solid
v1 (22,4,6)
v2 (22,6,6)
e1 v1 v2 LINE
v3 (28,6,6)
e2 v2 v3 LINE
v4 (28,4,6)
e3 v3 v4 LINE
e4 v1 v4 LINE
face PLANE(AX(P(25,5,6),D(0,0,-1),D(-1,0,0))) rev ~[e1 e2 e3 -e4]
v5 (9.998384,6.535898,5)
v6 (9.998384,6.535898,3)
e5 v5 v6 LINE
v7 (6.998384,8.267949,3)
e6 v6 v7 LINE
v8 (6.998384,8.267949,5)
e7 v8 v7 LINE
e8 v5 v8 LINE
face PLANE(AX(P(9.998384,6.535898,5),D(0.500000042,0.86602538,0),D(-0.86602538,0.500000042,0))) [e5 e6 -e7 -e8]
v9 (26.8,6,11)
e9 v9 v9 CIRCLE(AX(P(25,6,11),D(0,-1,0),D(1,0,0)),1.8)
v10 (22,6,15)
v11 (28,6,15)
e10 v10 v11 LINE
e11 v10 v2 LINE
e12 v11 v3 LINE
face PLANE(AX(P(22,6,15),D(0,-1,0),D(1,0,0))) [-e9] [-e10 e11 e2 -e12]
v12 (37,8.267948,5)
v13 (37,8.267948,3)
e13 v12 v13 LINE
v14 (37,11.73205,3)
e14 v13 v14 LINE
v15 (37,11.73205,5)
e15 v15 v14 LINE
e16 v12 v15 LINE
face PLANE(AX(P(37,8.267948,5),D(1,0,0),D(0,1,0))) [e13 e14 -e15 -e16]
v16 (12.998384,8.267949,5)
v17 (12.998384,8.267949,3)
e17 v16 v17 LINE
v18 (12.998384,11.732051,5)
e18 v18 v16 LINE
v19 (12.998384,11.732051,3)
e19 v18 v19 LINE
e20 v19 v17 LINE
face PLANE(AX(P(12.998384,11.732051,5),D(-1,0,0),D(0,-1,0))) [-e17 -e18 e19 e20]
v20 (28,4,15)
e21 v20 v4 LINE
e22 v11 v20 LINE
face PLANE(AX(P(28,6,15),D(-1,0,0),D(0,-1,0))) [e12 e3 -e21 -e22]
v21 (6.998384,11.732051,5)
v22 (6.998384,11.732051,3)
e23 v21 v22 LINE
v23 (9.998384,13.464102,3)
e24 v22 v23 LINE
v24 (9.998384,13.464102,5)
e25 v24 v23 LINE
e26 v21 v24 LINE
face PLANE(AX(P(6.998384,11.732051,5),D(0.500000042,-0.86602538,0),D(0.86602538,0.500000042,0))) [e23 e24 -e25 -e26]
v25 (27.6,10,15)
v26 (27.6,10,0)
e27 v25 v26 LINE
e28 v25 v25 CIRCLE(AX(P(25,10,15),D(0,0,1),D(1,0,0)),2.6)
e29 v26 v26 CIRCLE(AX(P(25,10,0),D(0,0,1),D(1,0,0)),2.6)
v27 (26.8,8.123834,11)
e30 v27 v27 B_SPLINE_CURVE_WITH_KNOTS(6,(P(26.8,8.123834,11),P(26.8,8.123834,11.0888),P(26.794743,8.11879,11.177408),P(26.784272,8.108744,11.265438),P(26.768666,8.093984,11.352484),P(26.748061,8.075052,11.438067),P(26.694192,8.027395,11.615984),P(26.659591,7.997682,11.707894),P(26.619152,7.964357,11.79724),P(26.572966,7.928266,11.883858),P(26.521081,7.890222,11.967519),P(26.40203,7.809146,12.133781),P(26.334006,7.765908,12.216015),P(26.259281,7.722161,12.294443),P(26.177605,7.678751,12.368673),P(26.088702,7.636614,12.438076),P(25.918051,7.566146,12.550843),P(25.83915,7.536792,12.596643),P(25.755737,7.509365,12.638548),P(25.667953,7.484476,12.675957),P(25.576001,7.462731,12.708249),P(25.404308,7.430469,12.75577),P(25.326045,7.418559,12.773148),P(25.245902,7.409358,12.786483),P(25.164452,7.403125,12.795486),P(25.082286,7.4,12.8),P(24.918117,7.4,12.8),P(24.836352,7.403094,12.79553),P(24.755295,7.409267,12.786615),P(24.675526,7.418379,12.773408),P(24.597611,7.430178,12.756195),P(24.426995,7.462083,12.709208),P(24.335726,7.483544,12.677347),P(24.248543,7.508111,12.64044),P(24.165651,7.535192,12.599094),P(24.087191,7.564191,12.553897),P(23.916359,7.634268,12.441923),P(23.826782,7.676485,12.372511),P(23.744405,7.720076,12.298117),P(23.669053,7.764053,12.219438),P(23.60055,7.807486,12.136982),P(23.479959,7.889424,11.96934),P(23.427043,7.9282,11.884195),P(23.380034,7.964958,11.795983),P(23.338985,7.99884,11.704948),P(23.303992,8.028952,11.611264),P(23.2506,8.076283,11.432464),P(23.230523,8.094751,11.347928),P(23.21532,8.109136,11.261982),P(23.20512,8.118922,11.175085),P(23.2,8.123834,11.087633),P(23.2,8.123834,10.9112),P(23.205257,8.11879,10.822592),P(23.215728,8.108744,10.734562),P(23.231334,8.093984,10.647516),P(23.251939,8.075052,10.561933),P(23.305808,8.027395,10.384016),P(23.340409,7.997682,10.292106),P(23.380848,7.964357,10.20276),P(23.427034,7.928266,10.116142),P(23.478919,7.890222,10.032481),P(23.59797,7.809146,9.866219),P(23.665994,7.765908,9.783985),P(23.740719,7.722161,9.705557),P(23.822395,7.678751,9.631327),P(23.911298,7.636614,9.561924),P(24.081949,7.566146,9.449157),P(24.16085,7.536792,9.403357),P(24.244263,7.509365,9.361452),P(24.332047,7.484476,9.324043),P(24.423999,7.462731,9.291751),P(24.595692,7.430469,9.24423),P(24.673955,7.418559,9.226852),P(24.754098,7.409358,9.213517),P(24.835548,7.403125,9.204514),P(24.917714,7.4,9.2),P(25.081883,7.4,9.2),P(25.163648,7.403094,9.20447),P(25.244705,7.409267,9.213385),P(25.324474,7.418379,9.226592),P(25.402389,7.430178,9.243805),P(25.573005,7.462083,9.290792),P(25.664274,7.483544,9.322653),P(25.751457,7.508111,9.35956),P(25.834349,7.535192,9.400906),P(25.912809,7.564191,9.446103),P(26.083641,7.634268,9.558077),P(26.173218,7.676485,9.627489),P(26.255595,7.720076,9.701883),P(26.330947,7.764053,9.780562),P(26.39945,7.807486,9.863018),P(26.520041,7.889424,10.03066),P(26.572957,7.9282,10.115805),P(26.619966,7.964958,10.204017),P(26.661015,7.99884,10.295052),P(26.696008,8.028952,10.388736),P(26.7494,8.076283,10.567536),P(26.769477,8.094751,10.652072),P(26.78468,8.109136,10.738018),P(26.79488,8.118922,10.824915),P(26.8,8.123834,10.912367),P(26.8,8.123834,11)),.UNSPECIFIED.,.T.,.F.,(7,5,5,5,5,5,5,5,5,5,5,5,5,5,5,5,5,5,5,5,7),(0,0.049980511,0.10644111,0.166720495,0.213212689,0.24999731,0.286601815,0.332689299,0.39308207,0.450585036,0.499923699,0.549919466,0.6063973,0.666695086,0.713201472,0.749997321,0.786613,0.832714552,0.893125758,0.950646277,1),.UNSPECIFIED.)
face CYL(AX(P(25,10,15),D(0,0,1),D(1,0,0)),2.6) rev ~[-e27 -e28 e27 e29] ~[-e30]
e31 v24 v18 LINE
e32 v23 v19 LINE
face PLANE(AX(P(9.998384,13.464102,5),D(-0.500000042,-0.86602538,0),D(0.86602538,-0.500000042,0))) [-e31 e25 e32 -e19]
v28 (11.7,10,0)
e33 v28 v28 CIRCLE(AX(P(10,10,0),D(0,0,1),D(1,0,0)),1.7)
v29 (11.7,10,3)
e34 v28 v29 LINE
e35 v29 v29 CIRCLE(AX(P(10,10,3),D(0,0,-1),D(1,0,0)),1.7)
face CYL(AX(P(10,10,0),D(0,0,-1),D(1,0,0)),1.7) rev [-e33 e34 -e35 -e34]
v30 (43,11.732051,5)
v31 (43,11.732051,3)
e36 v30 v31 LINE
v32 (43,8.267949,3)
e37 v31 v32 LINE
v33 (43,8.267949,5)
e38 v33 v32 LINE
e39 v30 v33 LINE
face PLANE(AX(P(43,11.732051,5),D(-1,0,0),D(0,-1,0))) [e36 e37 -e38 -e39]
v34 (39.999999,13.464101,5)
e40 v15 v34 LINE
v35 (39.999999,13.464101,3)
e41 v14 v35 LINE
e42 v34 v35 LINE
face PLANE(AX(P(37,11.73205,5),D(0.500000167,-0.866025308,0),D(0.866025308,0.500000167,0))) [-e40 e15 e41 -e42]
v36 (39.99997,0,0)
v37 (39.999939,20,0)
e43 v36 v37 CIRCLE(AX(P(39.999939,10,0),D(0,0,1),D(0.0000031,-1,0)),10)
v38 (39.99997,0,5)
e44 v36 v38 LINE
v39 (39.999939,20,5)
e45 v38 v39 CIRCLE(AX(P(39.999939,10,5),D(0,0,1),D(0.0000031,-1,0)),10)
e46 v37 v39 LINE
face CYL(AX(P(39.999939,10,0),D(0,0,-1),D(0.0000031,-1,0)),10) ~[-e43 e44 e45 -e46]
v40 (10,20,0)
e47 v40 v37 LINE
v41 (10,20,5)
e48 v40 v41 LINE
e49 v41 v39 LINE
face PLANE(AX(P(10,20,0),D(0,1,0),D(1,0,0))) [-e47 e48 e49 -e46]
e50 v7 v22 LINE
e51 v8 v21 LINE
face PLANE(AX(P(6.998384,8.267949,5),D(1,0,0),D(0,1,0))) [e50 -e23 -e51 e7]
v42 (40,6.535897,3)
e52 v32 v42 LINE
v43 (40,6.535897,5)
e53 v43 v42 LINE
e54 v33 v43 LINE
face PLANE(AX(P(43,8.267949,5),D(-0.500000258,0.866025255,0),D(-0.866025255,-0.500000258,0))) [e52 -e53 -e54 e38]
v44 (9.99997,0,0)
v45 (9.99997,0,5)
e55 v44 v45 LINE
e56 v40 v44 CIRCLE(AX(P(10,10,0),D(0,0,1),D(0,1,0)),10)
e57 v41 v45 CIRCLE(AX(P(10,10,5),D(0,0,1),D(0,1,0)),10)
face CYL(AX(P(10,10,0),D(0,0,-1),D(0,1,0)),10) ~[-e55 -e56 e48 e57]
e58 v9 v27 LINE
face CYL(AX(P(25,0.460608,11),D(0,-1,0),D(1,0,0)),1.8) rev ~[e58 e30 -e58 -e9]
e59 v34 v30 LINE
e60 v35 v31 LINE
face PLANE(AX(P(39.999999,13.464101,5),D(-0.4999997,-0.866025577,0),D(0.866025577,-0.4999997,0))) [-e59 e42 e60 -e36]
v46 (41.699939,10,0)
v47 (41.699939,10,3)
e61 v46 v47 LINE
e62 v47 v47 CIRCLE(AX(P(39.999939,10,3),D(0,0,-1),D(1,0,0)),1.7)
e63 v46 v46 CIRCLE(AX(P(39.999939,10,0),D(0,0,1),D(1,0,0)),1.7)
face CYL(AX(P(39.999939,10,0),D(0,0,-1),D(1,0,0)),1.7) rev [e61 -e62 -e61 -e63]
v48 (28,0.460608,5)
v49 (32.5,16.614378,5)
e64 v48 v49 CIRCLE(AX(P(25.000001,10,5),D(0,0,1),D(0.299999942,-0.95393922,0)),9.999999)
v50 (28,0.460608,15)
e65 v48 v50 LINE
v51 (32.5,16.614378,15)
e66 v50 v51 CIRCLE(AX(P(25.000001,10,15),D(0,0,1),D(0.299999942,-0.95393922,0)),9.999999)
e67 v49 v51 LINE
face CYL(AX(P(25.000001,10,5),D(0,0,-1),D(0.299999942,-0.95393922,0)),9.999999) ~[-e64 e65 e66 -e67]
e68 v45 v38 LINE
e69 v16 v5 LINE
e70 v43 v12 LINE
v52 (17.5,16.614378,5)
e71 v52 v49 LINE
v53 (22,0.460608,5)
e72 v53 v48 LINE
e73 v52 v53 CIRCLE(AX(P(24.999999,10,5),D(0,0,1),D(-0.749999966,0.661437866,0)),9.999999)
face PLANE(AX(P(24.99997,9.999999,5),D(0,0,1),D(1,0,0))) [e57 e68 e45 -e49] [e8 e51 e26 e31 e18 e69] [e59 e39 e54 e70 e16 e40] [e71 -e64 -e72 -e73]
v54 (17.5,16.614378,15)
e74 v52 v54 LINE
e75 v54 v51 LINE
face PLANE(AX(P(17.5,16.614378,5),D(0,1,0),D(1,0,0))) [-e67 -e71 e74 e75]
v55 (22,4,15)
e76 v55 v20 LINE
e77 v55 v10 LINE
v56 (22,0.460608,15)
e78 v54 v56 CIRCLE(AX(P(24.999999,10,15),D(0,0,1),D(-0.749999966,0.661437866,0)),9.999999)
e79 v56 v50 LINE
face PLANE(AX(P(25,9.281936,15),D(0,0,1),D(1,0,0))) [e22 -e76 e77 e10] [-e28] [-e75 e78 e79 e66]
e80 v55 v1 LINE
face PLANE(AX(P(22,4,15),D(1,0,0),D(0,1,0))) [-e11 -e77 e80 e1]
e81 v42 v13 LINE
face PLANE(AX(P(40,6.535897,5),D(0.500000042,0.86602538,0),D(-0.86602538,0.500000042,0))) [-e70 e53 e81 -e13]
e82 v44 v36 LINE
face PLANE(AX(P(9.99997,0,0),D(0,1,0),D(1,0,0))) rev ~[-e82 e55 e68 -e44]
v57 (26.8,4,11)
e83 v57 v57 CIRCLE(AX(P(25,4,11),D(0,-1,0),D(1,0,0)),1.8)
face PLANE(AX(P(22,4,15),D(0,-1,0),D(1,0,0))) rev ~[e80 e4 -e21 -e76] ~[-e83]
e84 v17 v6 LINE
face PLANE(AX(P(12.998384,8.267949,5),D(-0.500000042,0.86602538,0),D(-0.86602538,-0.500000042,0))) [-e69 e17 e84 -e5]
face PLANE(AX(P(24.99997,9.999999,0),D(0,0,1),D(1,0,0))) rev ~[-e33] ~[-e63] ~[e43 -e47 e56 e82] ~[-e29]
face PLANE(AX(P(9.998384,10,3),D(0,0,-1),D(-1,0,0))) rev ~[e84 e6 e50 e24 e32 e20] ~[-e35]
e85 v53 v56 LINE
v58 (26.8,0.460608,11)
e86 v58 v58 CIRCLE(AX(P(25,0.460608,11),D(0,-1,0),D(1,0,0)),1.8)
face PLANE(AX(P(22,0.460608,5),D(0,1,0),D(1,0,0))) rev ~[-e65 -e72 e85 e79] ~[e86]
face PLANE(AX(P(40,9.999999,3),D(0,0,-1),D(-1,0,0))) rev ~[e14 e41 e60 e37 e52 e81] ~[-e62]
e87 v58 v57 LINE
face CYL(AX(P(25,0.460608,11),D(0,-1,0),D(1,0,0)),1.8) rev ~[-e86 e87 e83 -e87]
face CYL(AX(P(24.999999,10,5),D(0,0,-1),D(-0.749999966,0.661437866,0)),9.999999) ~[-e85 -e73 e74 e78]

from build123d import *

# Parameters (mm, degrees)
SKETCH_R        = 1.7
PAD_DEPTH       = 5
PAD001_DEPTH    = 10
SKETCH002_R     = 2.6
POCKET_DEPTH    = 15
POCKET001_DEPTH = 9
SKETCH004_R     = 1.8
POCKET002_DEPTH = 8
POCKET003_DEPTH = 2


with BuildPart() as part:
    # Sketch → Pad (new body)
    with BuildSketch(Plane.XY):
        with BuildLine():
            ThreePointArc((10, 20), (0, 10.000015), (9.99997, 0))
            Line((9.99997, 0), (39.99997, 0))
            ThreePointArc((39.99997, 0), (49.999939, 10.000015), (39.999939, 20))
            Line((10, 20), (39.999939, 20))
        make_face()
        with Locations((39.999939, 10)):
            Circle(SKETCH_R, mode=Mode.SUBTRACT)
        with Locations((10, 10)):
            Circle(SKETCH_R, mode=Mode.SUBTRACT)
    extrude(amount=PAD_DEPTH)

    # Sketch001 → Pad001 (new body)
    with BuildSketch(Plane.XY.offset(5)):
        with BuildLine():
            ThreePointArc((28, 0.460608), (34.633202, 7.316453), (32.5, 16.614378))
            Line((17.5, 16.614378), (32.5, 16.614378))
            ThreePointArc((17.5, 16.614378), (15.366798, 7.316453), (22, 0.460608))
            Line((22, 0.460608), (28, 0.460608))
        make_face()
    extrude(amount=PAD001_DEPTH)

    # Sketch002 → Pocket (cut)
    with BuildSketch(Plane.XY.offset(15)):
        with Locations((25, 10)):
            Circle(SKETCH002_R)
    extrude(amount=-POCKET_DEPTH, mode=Mode.SUBTRACT)

    # Sketch003 → Pocket001 (cut)
    with BuildSketch(Plane.XY.offset(15)):
        Polygon((22, 6), (28, 6), (28, 4), (25, 4), (22, 4), align=None)
    extrude(amount=-POCKET001_DEPTH, mode=Mode.SUBTRACT)

    # Sketch004 → Pocket002 (cut)
    with BuildSketch(Plane.XZ.offset(-0.460608)):
        with Locations((25, 11)):
            Circle(SKETCH004_R)
    extrude(amount=-POCKET002_DEPTH, mode=Mode.SUBTRACT)

    # Sketch005 → Pocket003 (cut)
    with BuildSketch(Plane.XY.offset(5)):
        Polygon((6.998384, 8.267949), (6.998384, 11.732051), (9.998384, 13.464102), (12.998384, 11.732051), (12.998384, 8.267949), (9.998384, 6.535898), align=None)
        Polygon((39.999999, 13.464101), (43, 11.732051), (43, 8.267949), (40, 6.535897), (37, 8.267948), (37, 11.73205), align=None)
    extrude(amount=-POCKET003_DEPTH, mode=Mode.SUBTRACT)


solid = part.part
